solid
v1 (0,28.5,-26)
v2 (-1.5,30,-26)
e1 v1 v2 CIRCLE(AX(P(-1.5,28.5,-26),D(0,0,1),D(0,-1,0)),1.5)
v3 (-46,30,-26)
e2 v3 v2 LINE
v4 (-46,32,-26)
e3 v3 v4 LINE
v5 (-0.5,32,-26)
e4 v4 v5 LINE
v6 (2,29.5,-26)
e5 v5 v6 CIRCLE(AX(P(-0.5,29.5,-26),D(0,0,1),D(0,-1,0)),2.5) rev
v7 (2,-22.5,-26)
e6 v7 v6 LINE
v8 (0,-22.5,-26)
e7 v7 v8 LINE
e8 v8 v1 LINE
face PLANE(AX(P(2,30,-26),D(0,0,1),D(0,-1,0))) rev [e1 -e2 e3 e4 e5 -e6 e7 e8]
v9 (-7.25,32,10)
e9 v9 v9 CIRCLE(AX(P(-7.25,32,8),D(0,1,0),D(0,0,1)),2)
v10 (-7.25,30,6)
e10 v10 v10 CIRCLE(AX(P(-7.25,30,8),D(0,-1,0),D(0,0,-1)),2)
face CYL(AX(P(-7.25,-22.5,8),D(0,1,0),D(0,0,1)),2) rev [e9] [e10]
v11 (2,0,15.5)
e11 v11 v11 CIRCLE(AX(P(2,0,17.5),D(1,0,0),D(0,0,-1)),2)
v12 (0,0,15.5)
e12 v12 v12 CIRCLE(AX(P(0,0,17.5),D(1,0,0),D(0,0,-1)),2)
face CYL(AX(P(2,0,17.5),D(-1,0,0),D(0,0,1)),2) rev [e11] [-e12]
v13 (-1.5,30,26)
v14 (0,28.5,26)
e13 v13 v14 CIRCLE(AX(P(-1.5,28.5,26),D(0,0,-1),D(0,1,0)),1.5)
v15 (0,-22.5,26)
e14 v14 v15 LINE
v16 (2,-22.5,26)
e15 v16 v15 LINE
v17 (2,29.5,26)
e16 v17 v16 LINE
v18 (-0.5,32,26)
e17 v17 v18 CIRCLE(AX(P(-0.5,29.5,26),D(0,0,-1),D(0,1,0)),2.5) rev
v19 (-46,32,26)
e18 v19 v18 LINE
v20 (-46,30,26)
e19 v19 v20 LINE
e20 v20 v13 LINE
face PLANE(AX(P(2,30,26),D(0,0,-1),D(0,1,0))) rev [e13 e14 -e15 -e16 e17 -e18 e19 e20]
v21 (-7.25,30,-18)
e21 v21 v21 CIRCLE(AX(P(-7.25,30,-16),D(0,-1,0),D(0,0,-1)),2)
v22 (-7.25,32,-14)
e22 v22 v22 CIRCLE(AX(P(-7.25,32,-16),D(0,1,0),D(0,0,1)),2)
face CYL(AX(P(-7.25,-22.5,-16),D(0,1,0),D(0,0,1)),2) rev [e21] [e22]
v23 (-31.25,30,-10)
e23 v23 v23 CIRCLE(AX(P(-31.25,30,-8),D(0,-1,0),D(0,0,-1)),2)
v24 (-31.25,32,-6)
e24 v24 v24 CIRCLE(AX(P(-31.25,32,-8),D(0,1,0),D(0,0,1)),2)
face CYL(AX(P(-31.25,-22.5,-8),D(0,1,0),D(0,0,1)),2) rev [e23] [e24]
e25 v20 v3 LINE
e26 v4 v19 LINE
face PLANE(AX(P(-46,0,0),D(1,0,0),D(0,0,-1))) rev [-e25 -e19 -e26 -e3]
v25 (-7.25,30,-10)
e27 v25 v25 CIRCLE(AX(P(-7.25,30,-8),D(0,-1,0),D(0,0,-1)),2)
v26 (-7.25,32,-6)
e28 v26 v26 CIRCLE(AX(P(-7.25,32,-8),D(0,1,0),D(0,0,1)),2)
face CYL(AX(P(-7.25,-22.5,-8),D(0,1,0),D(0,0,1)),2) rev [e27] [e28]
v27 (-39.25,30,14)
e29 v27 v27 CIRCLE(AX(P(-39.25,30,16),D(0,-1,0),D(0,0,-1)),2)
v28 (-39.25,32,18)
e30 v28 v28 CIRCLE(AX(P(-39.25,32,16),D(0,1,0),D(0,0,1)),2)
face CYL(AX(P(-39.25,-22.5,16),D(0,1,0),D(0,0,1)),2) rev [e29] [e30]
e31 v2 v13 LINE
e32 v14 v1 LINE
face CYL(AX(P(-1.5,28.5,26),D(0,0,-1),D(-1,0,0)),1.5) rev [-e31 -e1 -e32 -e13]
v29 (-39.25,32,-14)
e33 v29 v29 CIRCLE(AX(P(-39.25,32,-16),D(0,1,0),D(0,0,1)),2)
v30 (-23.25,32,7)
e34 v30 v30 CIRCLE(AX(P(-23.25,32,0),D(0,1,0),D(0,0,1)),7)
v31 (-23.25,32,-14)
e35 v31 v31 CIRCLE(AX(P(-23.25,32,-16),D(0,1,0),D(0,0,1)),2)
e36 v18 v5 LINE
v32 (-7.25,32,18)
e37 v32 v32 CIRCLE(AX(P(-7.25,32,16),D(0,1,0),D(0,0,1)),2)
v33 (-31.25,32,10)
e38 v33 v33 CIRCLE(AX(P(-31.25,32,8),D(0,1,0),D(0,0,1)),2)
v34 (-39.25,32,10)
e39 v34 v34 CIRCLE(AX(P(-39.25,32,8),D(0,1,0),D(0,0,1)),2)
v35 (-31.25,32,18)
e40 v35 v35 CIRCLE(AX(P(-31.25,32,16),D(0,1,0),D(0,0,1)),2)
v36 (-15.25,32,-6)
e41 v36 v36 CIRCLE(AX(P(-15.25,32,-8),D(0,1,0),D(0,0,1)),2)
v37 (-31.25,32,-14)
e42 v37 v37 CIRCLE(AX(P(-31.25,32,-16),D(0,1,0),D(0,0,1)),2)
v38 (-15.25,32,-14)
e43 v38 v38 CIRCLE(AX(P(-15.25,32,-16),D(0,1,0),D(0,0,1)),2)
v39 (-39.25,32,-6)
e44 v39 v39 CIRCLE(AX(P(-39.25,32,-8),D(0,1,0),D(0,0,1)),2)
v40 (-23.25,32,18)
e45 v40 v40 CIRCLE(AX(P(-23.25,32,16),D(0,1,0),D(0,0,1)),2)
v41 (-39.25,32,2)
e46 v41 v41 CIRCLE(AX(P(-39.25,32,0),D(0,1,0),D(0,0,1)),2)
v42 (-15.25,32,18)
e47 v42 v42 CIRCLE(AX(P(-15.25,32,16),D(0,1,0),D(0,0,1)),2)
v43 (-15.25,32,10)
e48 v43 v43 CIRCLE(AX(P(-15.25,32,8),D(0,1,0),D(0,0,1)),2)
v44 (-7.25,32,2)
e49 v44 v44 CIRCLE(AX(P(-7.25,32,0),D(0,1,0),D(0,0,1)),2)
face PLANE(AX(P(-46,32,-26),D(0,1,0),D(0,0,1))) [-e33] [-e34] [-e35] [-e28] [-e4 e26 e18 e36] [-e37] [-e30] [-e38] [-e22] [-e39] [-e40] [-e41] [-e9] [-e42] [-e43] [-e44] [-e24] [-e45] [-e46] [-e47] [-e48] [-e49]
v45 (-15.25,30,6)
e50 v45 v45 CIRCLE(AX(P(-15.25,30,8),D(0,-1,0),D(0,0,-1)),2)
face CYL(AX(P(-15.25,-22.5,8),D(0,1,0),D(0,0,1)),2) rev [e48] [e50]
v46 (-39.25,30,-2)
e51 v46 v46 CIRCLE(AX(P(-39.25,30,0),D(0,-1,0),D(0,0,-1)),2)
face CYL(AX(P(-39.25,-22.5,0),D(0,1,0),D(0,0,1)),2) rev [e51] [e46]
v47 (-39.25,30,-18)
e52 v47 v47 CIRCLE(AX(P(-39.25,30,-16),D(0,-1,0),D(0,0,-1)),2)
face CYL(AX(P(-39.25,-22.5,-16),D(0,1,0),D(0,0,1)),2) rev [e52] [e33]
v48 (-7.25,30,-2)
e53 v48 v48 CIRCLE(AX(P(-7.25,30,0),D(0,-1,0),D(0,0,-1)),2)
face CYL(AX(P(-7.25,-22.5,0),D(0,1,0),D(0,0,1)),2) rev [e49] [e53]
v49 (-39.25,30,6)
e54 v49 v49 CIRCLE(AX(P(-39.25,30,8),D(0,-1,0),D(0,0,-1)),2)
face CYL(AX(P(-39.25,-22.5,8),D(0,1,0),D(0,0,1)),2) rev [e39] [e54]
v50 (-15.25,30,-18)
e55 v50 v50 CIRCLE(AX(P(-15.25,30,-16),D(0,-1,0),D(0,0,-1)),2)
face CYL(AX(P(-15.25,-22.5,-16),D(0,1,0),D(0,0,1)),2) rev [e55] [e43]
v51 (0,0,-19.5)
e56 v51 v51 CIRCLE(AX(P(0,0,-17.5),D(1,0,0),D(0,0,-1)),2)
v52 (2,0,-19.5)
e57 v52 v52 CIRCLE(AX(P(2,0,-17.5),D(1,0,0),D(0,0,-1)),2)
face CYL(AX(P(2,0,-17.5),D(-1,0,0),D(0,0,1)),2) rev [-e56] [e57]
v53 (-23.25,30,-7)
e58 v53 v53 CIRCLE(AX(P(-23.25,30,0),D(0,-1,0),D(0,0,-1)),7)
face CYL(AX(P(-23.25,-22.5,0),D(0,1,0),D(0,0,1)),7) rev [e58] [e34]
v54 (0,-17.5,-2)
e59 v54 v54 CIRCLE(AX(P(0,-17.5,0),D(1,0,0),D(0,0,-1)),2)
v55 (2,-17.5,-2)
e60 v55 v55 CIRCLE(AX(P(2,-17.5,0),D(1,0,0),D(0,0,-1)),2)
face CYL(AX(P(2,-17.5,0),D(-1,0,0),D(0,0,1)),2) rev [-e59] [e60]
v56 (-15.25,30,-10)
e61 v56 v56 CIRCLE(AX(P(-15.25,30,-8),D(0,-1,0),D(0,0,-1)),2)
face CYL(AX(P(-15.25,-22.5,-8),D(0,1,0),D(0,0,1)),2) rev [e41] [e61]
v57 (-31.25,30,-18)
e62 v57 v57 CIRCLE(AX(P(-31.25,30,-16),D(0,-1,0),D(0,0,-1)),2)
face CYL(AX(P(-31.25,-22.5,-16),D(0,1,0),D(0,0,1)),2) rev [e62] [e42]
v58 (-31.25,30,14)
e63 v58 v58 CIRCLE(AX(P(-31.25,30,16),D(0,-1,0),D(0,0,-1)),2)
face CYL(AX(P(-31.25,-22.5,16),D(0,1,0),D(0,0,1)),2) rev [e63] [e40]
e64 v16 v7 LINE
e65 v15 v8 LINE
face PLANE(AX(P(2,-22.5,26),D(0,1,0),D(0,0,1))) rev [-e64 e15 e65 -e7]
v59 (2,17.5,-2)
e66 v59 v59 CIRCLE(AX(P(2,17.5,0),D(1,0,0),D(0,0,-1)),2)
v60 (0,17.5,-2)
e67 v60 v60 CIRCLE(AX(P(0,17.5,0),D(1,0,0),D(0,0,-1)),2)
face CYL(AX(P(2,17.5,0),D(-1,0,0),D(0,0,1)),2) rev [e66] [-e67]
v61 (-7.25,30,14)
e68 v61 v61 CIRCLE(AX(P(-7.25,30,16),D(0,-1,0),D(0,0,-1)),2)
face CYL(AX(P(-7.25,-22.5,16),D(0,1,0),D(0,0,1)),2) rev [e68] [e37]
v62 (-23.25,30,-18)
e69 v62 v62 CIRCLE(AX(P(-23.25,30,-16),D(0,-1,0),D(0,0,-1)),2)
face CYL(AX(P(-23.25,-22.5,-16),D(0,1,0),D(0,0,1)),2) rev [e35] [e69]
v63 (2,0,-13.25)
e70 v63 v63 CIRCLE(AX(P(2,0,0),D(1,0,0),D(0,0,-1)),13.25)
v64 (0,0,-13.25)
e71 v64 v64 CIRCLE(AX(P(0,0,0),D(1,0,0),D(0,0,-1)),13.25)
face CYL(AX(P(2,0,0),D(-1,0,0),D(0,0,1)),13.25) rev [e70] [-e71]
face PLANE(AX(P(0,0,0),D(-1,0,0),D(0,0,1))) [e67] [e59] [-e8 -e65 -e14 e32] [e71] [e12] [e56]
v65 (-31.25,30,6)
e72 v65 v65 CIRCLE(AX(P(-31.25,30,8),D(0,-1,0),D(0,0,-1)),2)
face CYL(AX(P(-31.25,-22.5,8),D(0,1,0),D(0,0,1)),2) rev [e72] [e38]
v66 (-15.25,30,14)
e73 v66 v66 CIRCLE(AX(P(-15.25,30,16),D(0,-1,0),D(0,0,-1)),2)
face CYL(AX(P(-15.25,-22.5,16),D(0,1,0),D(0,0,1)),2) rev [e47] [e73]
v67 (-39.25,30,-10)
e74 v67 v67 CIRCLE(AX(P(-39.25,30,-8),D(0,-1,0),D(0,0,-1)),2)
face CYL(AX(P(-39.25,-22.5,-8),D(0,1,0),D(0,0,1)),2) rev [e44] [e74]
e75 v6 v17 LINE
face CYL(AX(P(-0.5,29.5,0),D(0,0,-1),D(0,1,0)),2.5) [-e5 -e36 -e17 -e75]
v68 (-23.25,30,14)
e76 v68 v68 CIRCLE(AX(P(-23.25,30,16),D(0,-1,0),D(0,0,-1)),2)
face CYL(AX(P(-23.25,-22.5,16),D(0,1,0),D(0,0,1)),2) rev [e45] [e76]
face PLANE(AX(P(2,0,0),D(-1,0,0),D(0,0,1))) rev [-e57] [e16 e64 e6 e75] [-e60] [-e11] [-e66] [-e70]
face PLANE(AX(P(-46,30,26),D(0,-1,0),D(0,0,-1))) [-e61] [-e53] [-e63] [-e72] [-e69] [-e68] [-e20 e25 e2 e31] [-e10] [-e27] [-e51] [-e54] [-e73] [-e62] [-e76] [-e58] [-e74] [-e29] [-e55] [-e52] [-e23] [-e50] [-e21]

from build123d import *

# Parameters (mm, degrees)
SKETCH1_W           = 52
SKETCH1_H           = 52.5
SKETCH1_R           = 2
SKETCH1_R_2         = 13.25
BOSS_EXTRUDE1_DEPTH = 2
SKETCH3_W           = 52
SKETCH3_H           = 2
BOSS_EXTRUDE3_DEPTH = 48
FILLET1_R           = 1.5
FILLET2_R           = 2.5
SKETCH7_R           = 7
SKETCH7_R_2         = 2
CUT_EXTRUDE1_DEPTH  = 76.909485573


with BuildPart() as part:
    # Sketch1 → Boss-Extrude1 (new body)
    with BuildSketch(Plane(origin=(0, 0, 0), x_dir=(0, 0, -1), z_dir=(1, 0, 0))):
        with Locations((0, 3.75)):
            Rectangle(SKETCH1_W, SKETCH1_H)
        with Locations((0, 17.5)):
            Circle(SKETCH1_R, mode=Mode.SUBTRACT)
        with Locations((17.5, 0)):
            Circle(SKETCH1_R, mode=Mode.SUBTRACT)
        with Locations((0, -17.5)):
            Circle(SKETCH1_R, mode=Mode.SUBTRACT)
        with Locations((-17.5, 0)):
            Circle(SKETCH1_R, mode=Mode.SUBTRACT)
        Circle(SKETCH1_R_2, mode=Mode.SUBTRACT)
    extrude(amount=BOSS_EXTRUDE1_DEPTH)

    # Sketch3 → Boss-Extrude3 (add)
    with BuildSketch(Plane(origin=(2, 0, 0), x_dir=(0, 0, -1), z_dir=(1, 0, 0))):
        with Locations((0, 31)):
            Rectangle(SKETCH3_W, SKETCH3_H)
    extrude(amount=-BOSS_EXTRUDE3_DEPTH)

    # Fillet1
    fillet1_edges = [part.edges().sort_by_distance(p)[0] for p in [
        (0, 30, 0),
    ]]
    fillet(fillet1_edges, radius=FILLET1_R)

    # Fillet2
    fillet2_edges = [part.edges().sort_by_distance(p)[0] for p in [
        (2, 32, 0),
    ]]
    fillet(fillet2_edges, radius=FILLET2_R)

    # Sketch7 → Cut-Extrude1 (cut, through all)
    with BuildSketch(Plane(origin=(0, 32, 0), x_dir=(1, 0, 0), z_dir=(0, 1, 0))):
        with Locations(Location((-23.25, 0, 0), (0, 0, 270))):
            Circle(SKETCH7_R)
        with Locations(Location((-39.25, 16, 0), (0, 0, 270))):
            Circle(SKETCH7_R_2)
        with Locations(Location((-31.25, 16, 0), (0, 0, 270))):
            Circle(SKETCH7_R_2)
        with Locations(Location((-23.25, 16, 0), (0, 0, 270))):
            Circle(SKETCH7_R_2)
        with Locations(Location((-15.25, 16, 0), (0, 0, 270))):
            Circle(SKETCH7_R_2)
        with Locations(Location((-7.25, 16, 0), (0, 0, 270))):
            Circle(SKETCH7_R_2)
        with Locations(Location((-31.25, 8, 0), (0, 0, 270))):
            Circle(SKETCH7_R_2)
        with Locations(Location((-15.25, 8, 0), (0, 0, 270))):
            Circle(SKETCH7_R_2)
        with Locations(Location((-7.25, 8, 0), (0, 0, 270))):
            Circle(SKETCH7_R_2)
        with Locations(Location((-7.25, 0, 0), (0, 0, 270))):
            Circle(SKETCH7_R_2)
        with Locations(Location((-31.25, -8, 0), (0, 0, 270))):
            Circle(SKETCH7_R_2)
        with Locations(Location((-15.25, -8, 0), (0, 0, 270))):
            Circle(SKETCH7_R_2)
        with Locations(Location((-7.25, -8, 0), (0, 0, 270))):
            Circle(SKETCH7_R_2)
        with Locations(Location((-31.25, -16, 0), (0, 0, 270))):
            Circle(SKETCH7_R_2)
        with Locations(Location((-23.25, -16, 0), (0, 0, 270))):
            Circle(SKETCH7_R_2)
        with Locations(Location((-15.25, -16, 0), (0, 0, 270))):
            Circle(SKETCH7_R_2)
        with Locations(Location((-7.25, -16, 0), (0, 0, 270))):
            Circle(SKETCH7_R_2)
        with Locations(Location((-39.25, 8, 0), (0, 0, 270))):
            Circle(SKETCH7_R_2)
        with Locations(Location((-39.25, 0, 0), (0, 0, 270))):
            Circle(SKETCH7_R_2)
        with Locations(Location((-39.25, -8, 0), (0, 0, 270))):
            Circle(SKETCH7_R_2)
        with Locations(Location((-39.25, -16, 0), (0, 0, 270))):
            Circle(SKETCH7_R_2)
    extrude(amount=-CUT_EXTRUDE1_DEPTH, mode=Mode.SUBTRACT)


solid = part.part
